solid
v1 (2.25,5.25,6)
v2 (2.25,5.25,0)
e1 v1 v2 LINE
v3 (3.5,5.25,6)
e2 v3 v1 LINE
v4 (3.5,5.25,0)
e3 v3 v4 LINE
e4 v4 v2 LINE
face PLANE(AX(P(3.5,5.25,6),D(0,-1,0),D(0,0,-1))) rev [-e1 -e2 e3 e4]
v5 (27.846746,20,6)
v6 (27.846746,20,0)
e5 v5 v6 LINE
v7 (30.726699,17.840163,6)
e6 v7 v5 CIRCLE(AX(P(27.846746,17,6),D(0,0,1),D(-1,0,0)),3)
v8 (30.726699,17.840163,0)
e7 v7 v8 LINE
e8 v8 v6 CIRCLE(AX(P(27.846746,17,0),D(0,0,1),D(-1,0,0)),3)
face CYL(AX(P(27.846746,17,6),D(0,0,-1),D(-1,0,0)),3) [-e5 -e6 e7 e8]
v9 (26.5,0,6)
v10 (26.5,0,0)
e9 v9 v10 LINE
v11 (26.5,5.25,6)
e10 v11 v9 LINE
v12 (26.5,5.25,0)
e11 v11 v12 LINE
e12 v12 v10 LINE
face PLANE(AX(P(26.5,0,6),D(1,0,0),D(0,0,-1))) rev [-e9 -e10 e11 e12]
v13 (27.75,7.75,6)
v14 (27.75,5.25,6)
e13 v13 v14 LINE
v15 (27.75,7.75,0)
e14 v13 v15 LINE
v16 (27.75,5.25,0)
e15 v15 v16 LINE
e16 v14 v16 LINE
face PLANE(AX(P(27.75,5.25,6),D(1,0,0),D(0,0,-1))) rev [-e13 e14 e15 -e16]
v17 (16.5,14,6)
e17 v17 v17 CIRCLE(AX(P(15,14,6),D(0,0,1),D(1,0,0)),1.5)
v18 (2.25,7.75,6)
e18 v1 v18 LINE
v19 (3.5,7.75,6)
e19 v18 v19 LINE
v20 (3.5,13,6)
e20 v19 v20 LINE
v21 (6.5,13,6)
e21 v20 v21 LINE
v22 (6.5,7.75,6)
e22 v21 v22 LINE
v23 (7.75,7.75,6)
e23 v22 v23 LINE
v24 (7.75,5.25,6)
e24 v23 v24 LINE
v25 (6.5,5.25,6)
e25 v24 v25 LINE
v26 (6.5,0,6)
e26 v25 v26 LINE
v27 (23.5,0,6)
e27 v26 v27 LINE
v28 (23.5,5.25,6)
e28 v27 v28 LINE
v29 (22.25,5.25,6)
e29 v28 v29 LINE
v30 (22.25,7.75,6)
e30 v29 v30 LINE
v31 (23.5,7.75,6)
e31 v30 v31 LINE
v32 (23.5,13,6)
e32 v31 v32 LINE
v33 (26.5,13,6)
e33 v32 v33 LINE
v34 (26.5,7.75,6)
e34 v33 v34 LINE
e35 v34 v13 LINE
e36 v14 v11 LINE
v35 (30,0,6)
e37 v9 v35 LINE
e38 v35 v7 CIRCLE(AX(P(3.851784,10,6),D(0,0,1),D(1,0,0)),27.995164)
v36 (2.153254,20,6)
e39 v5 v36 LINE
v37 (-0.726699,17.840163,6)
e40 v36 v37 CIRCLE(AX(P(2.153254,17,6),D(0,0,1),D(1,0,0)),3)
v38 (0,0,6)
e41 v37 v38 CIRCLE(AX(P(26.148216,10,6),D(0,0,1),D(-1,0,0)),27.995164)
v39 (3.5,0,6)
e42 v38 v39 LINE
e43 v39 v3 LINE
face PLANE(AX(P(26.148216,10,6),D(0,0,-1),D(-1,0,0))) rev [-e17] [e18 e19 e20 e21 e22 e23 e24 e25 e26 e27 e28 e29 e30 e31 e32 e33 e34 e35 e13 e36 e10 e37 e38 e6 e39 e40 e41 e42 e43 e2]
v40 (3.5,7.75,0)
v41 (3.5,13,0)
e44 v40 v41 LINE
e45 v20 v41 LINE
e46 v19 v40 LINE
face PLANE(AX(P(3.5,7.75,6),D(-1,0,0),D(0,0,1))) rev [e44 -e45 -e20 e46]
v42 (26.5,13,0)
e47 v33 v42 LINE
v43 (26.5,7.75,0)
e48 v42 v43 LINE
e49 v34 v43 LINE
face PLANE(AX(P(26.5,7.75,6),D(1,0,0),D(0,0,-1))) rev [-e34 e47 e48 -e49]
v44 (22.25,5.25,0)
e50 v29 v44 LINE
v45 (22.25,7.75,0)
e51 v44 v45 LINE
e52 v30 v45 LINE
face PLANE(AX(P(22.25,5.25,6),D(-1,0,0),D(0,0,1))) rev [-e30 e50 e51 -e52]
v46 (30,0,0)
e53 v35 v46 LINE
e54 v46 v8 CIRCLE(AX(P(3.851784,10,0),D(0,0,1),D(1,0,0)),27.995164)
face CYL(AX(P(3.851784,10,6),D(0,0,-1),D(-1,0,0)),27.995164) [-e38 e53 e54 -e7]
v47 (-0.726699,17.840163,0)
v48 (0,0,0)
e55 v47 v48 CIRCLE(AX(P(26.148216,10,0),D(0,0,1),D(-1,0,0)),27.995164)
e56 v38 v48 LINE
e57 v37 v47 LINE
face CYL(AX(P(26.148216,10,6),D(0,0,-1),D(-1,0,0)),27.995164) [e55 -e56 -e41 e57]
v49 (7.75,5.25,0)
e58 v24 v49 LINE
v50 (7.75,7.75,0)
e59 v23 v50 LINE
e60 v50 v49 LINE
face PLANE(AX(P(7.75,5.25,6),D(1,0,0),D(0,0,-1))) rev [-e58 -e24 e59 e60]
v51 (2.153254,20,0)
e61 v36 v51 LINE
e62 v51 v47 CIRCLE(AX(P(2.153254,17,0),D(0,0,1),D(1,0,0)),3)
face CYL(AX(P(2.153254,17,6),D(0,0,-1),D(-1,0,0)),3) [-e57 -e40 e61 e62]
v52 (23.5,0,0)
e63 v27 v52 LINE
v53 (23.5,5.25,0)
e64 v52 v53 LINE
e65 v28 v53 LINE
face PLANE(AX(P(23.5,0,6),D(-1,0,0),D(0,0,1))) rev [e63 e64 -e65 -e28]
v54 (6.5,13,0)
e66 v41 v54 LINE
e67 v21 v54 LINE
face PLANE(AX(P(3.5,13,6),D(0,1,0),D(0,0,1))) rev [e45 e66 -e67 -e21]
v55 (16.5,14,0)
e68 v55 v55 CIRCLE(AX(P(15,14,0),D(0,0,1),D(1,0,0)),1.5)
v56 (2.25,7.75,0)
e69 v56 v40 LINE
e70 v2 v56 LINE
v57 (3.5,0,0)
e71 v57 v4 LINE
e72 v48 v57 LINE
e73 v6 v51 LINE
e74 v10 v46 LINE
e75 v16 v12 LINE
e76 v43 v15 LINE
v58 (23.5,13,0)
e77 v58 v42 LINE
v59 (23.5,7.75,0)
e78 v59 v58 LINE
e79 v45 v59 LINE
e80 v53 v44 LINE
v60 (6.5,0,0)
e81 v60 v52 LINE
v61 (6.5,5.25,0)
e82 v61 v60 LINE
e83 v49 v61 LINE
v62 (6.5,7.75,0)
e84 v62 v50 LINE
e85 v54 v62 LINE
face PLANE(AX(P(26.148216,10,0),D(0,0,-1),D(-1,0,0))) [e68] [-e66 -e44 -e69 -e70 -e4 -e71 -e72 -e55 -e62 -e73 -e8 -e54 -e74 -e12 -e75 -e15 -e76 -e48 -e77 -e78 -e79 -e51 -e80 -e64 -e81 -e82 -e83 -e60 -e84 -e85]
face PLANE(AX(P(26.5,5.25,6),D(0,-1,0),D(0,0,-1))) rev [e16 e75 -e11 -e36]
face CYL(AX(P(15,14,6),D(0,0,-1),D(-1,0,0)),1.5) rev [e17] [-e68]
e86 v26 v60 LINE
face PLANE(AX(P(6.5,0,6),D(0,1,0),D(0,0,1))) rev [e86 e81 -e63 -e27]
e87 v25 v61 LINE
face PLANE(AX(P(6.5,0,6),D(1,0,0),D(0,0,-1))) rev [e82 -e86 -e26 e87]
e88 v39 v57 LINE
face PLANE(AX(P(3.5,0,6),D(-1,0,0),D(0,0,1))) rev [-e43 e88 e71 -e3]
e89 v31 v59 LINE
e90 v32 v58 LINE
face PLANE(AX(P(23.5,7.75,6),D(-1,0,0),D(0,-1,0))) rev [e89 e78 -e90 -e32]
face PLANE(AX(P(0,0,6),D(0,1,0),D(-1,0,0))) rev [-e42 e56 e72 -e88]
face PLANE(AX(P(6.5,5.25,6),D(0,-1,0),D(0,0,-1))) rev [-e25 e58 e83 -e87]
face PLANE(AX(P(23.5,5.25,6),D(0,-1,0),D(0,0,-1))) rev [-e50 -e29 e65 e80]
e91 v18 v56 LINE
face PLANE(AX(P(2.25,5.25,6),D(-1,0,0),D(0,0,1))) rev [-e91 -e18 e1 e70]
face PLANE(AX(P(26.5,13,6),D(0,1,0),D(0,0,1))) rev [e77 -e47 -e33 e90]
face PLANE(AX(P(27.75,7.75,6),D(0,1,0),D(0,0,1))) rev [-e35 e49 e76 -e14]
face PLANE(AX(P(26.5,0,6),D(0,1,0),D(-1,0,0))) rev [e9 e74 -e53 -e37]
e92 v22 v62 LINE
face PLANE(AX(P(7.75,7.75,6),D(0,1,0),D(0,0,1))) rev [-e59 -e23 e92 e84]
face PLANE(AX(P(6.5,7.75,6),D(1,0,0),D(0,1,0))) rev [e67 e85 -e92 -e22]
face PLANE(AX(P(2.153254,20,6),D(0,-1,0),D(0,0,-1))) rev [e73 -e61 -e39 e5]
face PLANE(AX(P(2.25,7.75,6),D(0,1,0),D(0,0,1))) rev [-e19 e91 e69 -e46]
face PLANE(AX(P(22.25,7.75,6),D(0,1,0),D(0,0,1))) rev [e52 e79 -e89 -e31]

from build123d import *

# Parameters (mm, degrees)
SKETCH_1_R      = 1.5
EXTRUDE_1_DEPTH = 6


with BuildPart() as part:
    # Эскиз1 → Бобышка-Вытянуть1 (new body)
    with BuildSketch(Plane.XY):
        with BuildLine():
            Line((0, 0), (3.5, 0))
            Line((3.5, 0), (3.5, 5.25))
            Line((3.5, 5.25), (2.25, 5.25))
            Line((2.25, 5.25), (2.25, 7.75))
            Line((2.25, 7.75), (3.5, 7.75))
            Line((3.5, 7.75), (3.5, 13))
            Line((3.5, 13), (6.5, 13))
            Line((6.5, 13), (6.5, 7.75))
            Line((6.5, 7.75), (7.75, 7.75))
            Line((7.75, 7.75), (7.75, 5.25))
            Line((7.75, 5.25), (6.5, 5.25))
            Line((6.5, 5.25), (6.5, 0))
            Line((6.5, 0), (23.5, 0))
            Line((23.5, 0), (23.5, 5.25))
            Line((23.5, 5.25), (22.25, 5.25))
            Line((22.25, 5.25), (22.25, 7.75))
            Line((22.25, 7.75), (23.5, 7.75))
            Line((23.5, 7.75), (23.5, 13))
            Line((23.5, 13), (26.5, 13))
            Line((26.5, 13), (26.5, 7.75))
            Line((26.5, 7.75), (27.75, 7.75))
            Line((27.75, 7.75), (27.75, 5.25))
            Line((27.75, 5.25), (26.5, 5.25))
            Line((26.5, 5.25), (26.5, 0))
            Line((26.5, 0), (30, 0))
            ThreePointArc((30, 0), (31.823751247, 8.860593438), (30.726698908, 17.840162517))
            ThreePointArc((30.726698908, 17.840162517), (29.646678597, 19.400050786), (27.846746313, 20))
            Line((27.846746313, 20), (2.153253687, 20))
            ThreePointArc((2.153253687, 20), (0.353321403, 19.400050786), (-0.726698908, 17.840162517))
            ThreePointArc((-0.726698908, 17.840162517), (-1.823751247, 8.860593438), (0, 0))
        make_face()
        with Locations((15, 14)):
            Circle(SKETCH_1_R, mode=Mode.SUBTRACT)
    extrude(amount=EXTRUDE_1_DEPTH)


solid = part.part
